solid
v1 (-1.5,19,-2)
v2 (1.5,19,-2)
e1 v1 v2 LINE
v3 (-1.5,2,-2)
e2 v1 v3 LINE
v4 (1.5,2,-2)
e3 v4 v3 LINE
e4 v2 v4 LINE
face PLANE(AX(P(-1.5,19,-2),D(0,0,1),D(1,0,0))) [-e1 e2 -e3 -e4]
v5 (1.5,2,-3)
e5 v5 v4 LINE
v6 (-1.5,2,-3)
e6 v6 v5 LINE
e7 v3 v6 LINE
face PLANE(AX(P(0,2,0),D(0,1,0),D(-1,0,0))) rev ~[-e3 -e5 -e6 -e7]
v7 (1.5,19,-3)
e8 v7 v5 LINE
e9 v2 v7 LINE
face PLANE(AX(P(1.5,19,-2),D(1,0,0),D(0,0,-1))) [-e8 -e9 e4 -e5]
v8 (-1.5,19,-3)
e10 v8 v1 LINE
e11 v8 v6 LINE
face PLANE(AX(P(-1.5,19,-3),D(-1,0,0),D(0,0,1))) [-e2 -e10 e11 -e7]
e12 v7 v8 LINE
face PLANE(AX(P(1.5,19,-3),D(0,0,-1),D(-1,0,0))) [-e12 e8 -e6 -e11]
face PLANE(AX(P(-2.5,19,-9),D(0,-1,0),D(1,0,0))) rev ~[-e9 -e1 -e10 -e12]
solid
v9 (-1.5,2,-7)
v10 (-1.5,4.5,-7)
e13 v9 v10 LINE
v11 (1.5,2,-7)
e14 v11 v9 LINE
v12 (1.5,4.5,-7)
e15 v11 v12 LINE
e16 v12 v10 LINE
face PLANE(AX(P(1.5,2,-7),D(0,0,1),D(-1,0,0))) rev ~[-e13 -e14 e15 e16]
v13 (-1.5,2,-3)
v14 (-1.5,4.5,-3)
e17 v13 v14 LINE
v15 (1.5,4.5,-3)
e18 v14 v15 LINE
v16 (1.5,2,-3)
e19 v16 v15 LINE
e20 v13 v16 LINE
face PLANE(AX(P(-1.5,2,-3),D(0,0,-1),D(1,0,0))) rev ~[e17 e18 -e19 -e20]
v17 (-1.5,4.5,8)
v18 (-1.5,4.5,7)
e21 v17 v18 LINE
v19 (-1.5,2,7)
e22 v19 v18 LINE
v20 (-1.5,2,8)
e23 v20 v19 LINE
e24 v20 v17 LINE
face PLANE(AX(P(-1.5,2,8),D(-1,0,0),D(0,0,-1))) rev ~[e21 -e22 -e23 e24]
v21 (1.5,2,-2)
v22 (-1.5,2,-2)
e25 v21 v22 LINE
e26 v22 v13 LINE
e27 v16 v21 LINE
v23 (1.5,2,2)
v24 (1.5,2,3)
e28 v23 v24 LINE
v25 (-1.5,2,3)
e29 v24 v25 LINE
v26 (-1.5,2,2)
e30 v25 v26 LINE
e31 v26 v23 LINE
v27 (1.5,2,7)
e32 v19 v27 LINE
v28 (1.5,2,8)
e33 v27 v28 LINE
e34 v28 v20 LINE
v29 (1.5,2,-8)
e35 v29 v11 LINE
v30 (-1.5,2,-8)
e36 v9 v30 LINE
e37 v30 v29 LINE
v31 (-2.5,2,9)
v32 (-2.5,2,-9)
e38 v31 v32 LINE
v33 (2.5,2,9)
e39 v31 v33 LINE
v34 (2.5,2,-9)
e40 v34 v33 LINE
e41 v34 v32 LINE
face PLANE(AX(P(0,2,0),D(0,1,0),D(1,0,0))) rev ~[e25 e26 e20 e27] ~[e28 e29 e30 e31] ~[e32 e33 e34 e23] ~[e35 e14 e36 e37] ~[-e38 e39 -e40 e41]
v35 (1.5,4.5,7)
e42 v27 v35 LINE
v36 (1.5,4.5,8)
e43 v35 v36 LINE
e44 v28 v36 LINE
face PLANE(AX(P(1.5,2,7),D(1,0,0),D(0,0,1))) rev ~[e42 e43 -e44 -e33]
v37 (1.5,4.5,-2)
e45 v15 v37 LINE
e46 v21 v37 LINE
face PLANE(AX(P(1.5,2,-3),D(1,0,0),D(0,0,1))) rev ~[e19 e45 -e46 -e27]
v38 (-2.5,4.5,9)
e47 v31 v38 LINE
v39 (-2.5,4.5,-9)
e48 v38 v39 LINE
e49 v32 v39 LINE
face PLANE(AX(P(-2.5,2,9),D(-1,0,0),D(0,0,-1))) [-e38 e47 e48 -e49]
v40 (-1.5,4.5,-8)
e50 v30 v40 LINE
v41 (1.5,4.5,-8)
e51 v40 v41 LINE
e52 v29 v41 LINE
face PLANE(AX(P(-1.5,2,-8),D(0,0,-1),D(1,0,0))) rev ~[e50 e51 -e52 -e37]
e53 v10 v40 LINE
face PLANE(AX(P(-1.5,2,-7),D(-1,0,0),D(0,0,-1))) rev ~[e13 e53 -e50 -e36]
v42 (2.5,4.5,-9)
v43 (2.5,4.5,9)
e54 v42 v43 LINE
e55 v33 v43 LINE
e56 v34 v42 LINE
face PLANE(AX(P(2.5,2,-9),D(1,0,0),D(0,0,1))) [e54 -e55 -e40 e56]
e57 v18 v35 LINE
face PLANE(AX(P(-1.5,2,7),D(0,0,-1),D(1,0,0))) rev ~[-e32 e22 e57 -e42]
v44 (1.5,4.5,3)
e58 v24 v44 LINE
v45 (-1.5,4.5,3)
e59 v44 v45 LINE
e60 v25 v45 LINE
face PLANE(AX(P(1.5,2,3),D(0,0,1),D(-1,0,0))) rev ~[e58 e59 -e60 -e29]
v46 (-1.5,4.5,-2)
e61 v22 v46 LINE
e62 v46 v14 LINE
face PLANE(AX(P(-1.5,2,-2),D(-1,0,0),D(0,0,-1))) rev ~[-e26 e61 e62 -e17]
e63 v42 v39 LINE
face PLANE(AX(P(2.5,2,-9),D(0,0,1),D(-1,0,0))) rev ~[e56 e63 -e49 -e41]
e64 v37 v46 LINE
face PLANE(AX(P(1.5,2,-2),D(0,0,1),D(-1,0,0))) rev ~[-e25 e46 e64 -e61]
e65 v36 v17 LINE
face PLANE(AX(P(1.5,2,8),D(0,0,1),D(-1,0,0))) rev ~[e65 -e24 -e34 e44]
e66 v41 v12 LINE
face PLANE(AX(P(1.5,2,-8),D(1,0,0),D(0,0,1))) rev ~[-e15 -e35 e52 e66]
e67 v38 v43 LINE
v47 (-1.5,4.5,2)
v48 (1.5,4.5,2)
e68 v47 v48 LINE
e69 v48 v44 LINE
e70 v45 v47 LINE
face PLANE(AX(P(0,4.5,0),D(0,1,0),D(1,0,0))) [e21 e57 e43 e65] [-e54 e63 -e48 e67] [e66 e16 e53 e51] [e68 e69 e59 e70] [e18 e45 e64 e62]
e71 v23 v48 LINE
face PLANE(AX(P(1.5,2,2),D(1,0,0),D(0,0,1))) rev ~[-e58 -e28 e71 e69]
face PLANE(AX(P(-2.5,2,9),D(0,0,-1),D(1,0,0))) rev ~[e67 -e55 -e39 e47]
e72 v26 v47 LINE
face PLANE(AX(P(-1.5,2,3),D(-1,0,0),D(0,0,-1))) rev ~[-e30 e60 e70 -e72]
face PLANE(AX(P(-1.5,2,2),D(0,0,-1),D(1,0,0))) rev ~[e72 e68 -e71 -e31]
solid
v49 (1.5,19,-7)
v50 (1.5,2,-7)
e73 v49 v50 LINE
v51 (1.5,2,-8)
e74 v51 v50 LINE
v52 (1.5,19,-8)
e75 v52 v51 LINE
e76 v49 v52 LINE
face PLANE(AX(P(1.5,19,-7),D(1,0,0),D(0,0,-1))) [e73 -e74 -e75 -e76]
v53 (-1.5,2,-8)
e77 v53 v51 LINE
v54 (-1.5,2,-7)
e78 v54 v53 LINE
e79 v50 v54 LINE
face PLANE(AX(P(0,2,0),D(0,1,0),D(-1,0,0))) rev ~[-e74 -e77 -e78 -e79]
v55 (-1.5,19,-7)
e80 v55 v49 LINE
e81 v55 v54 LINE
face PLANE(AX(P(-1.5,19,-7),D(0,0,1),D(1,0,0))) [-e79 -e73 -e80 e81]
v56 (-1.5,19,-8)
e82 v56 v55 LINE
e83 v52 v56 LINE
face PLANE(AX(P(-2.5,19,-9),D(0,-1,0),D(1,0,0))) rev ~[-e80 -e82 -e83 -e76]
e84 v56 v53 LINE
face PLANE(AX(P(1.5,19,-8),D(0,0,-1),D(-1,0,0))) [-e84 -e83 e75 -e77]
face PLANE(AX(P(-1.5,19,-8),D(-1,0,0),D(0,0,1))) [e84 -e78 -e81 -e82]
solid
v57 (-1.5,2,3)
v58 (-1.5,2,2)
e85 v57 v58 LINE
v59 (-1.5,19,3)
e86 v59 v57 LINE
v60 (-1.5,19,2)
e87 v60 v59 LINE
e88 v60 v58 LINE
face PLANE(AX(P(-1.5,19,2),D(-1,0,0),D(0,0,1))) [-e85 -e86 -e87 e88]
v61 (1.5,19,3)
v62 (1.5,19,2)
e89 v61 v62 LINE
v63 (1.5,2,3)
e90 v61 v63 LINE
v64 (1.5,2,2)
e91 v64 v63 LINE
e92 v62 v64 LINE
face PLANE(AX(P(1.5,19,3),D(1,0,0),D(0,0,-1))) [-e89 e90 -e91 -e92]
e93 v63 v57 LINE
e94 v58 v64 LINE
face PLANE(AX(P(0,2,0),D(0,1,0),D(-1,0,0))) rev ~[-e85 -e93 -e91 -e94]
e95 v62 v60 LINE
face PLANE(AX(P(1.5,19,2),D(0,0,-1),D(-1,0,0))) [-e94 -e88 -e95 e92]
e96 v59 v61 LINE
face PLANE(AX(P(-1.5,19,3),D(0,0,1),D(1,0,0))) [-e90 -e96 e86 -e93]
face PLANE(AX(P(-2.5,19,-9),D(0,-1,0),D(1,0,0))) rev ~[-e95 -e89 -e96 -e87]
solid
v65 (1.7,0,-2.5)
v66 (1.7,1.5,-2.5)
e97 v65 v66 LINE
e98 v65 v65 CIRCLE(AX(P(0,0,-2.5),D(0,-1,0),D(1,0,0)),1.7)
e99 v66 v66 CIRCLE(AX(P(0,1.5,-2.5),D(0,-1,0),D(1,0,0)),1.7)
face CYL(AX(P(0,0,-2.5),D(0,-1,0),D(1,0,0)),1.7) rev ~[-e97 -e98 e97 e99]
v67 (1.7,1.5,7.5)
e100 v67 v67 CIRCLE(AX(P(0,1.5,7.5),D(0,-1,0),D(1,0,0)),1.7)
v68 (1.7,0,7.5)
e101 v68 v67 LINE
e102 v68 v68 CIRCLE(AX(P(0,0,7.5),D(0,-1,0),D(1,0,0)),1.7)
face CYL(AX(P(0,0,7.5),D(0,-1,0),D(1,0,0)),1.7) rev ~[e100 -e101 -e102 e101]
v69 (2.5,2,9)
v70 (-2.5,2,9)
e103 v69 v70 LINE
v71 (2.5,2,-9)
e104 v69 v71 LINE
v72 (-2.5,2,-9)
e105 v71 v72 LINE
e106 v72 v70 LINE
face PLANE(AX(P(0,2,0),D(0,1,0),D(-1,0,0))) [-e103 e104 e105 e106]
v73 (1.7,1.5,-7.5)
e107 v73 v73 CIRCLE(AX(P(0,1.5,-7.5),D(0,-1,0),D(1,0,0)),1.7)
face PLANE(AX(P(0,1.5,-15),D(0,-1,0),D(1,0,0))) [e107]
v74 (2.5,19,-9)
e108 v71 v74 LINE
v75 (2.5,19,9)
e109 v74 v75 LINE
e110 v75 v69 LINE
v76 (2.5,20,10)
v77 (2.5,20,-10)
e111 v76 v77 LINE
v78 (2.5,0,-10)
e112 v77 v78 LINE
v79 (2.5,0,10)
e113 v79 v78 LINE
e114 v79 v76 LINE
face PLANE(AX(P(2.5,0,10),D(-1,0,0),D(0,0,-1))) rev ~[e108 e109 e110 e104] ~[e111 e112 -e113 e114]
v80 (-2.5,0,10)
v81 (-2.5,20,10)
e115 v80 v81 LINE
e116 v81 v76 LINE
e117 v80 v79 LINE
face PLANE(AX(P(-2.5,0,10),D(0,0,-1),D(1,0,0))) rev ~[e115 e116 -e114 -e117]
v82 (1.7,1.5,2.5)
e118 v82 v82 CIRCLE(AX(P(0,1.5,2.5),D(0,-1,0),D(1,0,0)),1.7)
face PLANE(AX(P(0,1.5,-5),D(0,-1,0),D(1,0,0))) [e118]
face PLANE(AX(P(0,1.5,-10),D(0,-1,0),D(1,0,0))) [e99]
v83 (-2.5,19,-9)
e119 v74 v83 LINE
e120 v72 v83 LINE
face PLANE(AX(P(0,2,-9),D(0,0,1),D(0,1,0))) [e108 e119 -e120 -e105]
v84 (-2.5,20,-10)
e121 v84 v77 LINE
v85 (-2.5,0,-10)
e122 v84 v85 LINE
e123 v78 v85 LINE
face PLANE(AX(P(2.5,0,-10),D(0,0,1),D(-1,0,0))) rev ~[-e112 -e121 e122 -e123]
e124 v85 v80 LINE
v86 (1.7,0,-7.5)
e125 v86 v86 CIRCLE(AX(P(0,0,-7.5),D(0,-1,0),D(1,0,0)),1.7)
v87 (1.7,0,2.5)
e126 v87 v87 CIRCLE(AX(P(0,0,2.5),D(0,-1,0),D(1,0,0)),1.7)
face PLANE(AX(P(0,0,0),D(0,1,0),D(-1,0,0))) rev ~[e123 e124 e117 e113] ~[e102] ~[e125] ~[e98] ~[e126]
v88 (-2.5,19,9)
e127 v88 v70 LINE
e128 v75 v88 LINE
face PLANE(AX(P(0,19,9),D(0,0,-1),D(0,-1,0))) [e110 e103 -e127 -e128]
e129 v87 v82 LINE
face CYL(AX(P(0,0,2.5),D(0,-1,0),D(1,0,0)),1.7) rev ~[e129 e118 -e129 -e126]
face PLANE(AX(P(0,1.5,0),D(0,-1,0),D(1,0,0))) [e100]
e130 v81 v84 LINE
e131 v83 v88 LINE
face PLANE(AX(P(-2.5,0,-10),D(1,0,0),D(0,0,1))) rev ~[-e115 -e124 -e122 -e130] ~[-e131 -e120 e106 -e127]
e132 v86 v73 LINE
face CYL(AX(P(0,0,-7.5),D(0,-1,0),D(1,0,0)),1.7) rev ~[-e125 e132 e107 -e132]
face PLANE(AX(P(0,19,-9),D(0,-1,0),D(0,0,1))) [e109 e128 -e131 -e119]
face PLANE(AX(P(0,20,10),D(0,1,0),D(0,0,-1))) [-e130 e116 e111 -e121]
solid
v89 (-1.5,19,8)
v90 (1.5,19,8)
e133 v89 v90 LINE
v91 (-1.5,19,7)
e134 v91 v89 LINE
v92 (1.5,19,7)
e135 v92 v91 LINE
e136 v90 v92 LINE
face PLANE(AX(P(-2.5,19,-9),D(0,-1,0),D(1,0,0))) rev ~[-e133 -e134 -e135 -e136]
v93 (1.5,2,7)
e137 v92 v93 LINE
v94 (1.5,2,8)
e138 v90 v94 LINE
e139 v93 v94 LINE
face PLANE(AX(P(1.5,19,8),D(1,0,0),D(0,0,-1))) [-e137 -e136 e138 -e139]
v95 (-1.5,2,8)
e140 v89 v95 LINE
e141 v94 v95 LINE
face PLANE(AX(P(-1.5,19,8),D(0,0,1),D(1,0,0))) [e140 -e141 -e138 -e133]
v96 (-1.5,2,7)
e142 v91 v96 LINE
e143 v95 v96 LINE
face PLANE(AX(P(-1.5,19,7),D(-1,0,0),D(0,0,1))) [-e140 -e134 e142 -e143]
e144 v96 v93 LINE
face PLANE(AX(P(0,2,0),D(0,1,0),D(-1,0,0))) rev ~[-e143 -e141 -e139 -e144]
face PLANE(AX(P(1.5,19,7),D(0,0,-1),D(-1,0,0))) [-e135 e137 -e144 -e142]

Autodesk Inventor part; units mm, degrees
ref_plane "YZ Plane" through (0, 0, 0) normal (1, 0, 0) x (0, 1, 0)
ref_plane "XZ Plane" through (0, 0, 0) normal (0, 1, 0) x (-1, 0, 0)
ref_plane "XY Plane" through (0, 0, 0) normal (0, 0, 1) x (1, 0, 0)
sketch "草圖1" plane through (0, 0, 0) normal (0, 1, 0) x (-1, 0, 0)
  line L0 (2.5, 10) -> (-2.5, 10)
  line L1 (-2.5, 10) -> (-2.5, -10)
  line L2 (-2.5, -10) -> (2.5, -10)
  line L3 (2.5, -10) -> (2.5, 10)
  circle A0 centre (0, 7.5) radius 1.7
  circle A1 centre (0, 2.5) radius 1.7
  circle A2 centre (0, -2.5) radius 1.7
  circle A3 centre (0, -7.5) radius 1.7
  point P0 (0, 0)
  point P1 (0, -10)
  point P2 (2.5, 0)
  dimension "d0" = 5
  dimension "d1" = 20
  dimension "d2" = 3.4
  dimension "d3" = 2.5
  dimension "d4" = 2.5
  dimension "d7" = 5
extrude "擠出1" add sketch "草圖1" along normal blind 2 contours L3 L2 L1 L0 | A0 | A1 | A2 | A3
sketch "草圖2" plane through (0, 0, 0) normal (1, 0, 0) x (0, 1, 0)
  line L0 (0, -10) -> (0, 10) projected
  line L1 (0, 10) -> (2, 10) projected
  line L2 (2, -10) -> (2, 10) projected
  line L3 (0, -10) -> (2, -10) projected
  line L4 (0, 10) -> (20, 10)
  line L5 (20, 10) -> (20, -10)
  line L6 (20, -10) -> (0, -10)
  line L7 (0, -10) -> (0, 10)
  line L8 (19, -9) -> (19, 9)
  line L9 (19, 9) -> (1, 9)
  line L10 (1, 9) -> (1, -9)
  line L11 (1, -9) -> (19, -9)
  point P0 (0, 0)
  point P1 (2, 9)
  point P2 (2, -9)
  dimension "d14" = 20
  dimension "d15" = 20
  dimension "d16" = 1
extrude "擠出2" add sketch "草圖2" along normal mid plane 5 contours L2 L11 L8 L9 L4 L5 L6
sketch "草圖3" plane through (-2.5, 19, -9) normal (0, -1, 0) x (1, 0, 0)
  line L0 (5, 19) -> (0, 19) projected
  line L1 (5, -1) -> (5, 19) projected
  line L2 (0, -1) -> (5, -1) projected
  line L3 (0, 19) -> (0, -1) projected
  line L4 (0, 19) -> (5, 19) projected
  line L5 (5, 19) -> (5, 18) projected
  line L6 (5, 18) -> (0, 18) projected
  line L7 (0, 0) -> (0, 18) projected
  line L8 (0, 0) -> (5, 0) projected
  line L9 (5, 0) -> (5, -1) projected
  line L10 (5, -1) -> (0, -1) projected
  line L11 (0, -1) -> (0, 0) projected
  line L12 (0, 18) -> (0, 19) projected
  line L13 (5, 18) -> (5, 0) projected
  line L14 (1, 17) -> (4, 17)
  line L15 (4, 17) -> (4, 16)
  line L16 (4, 16) -> (1, 16)
  line L17 (1, 16) -> (1, 17)
  line L18 (4, 11) -> (1, 11)
  line L19 (4, 12) -> (4, 11)
  line L20 (1, 12) -> (4, 12)
  line L21 (1, 11) -> (1, 12)
  line L22 (4, 6) -> (1, 6)
  line L23 (4, 7) -> (4, 6)
  line L24 (1, 7) -> (4, 7)
  line L25 (1, 6) -> (1, 7)
  line L26 (4, 1) -> (1, 1)
  line L27 (4, 2) -> (4, 1)
  line L28 (1, 2) -> (4, 2)
  line L29 (1, 1) -> (1, 2)
  point P0 (2.5, 9)
  point P1 (2.5, 17)
  point P2 (2.5, 19)
  point P3 (2.5, 12)
  point P4 (2.5, 7)
  point P5 (2.5, 2)
  dimension "d19" = 3
  dimension "d20" = 1
  dimension "d21" = 1
  dimension "d24" = 5
extrude "擠出3" add sketch "草圖3" along normal up to next separate body contours L14 L15 L16 L17 | L18 L21 L20 L19 | L22 L25 L24 L23 | L26 L29 L28 L27
sketch "草圖4" plane through (0, 2, 0) normal (0, 1, 0) x (1, 0, 0)
  line L0 (2.5, -10) -> (-2.5, -10) projected
  line L1 (-2.5, -10) -> (-2.5, -9) projected
  line L2 (-2.5, -9) -> (2.5, -9) projected
  line L3 (2.5, 9) -> (2.5, -9) projected
  line L4 (2.5, 9) -> (-2.5, 9) projected
  line L5 (-2.5, 9) -> (-2.5, 10) projected
  line L6 (-2.5, 10) -> (2.5, 10) projected
  line L7 (2.5, 10) -> (2.5, 9) projected
  line L8 (2.5, -9) -> (2.5, -10) projected
  line L9 (-2.5, -9) -> (-2.5, 9) projected
  line L10 (1.5, 2) -> (-1.5, 2) projected
  line L11 (-1.5, 2) -> (-1.5, 3) projected
  line L12 (-1.5, 3) -> (1.5, 3) projected
  line L13 (1.5, 3) -> (1.5, 2) projected
  line L14 (1.5, -7) -> (1.5, -8) projected
  line L15 (1.5, -8) -> (-1.5, -8) projected
  line L16 (-1.5, -8) -> (-1.5, -7) projected
  line L17 (-1.5, -7) -> (1.5, -7) projected
  line L18 (1.5, 7) -> (-1.5, 7) projected
  line L19 (-1.5, 7) -> (-1.5, 8) projected
  line L20 (-1.5, 8) -> (1.5, 8) projected
  line L21 (1.5, 8) -> (1.5, 7) projected
  line L22 (-1.5, -3) -> (-1.5, -2) projected
  line L23 (-1.5, -2) -> (1.5, -2) projected
  line L24 (1.5, -2) -> (1.5, -3) projected
  line L25 (1.5, -3) -> (-1.5, -3) projected
  point P0 (0, 0)
extrude "擠出4" add sketch "草圖4" along normal blind 2.5 separate body contours L2 L9 L4 L3
sketch "草圖5" plane through (0, 0, 0) normal (0, -1, 0) x (1, 0, 0)
  line L0 (-2.5, 10) -> (2.5, 10) projected
  line L1 (2.5, 10) -> (2.5, -10) projected
  line L2 (2.5, -10) -> (-2.5, -10) projected
  line L3 (-2.5, -10) -> (-2.5, 10) projected
  circle A0 centre (0, 7.5) radius 1.7
  point P0 (0, 0)
  dimension "d33" = 3.4
  dimension "d34" = 2.5
  dimension "d35" = 2.5
extrude "擠出6" cut sketch "草圖5" against normal blind 1.5 contours A0 bodies 1
pattern_linear "矩形陣列2" count 4 spacing 5 along (0, 0, -1) of "擠出6" bodies 1
properties part number "110033226_ipt_29_城堡四圓塔的窗戶"
